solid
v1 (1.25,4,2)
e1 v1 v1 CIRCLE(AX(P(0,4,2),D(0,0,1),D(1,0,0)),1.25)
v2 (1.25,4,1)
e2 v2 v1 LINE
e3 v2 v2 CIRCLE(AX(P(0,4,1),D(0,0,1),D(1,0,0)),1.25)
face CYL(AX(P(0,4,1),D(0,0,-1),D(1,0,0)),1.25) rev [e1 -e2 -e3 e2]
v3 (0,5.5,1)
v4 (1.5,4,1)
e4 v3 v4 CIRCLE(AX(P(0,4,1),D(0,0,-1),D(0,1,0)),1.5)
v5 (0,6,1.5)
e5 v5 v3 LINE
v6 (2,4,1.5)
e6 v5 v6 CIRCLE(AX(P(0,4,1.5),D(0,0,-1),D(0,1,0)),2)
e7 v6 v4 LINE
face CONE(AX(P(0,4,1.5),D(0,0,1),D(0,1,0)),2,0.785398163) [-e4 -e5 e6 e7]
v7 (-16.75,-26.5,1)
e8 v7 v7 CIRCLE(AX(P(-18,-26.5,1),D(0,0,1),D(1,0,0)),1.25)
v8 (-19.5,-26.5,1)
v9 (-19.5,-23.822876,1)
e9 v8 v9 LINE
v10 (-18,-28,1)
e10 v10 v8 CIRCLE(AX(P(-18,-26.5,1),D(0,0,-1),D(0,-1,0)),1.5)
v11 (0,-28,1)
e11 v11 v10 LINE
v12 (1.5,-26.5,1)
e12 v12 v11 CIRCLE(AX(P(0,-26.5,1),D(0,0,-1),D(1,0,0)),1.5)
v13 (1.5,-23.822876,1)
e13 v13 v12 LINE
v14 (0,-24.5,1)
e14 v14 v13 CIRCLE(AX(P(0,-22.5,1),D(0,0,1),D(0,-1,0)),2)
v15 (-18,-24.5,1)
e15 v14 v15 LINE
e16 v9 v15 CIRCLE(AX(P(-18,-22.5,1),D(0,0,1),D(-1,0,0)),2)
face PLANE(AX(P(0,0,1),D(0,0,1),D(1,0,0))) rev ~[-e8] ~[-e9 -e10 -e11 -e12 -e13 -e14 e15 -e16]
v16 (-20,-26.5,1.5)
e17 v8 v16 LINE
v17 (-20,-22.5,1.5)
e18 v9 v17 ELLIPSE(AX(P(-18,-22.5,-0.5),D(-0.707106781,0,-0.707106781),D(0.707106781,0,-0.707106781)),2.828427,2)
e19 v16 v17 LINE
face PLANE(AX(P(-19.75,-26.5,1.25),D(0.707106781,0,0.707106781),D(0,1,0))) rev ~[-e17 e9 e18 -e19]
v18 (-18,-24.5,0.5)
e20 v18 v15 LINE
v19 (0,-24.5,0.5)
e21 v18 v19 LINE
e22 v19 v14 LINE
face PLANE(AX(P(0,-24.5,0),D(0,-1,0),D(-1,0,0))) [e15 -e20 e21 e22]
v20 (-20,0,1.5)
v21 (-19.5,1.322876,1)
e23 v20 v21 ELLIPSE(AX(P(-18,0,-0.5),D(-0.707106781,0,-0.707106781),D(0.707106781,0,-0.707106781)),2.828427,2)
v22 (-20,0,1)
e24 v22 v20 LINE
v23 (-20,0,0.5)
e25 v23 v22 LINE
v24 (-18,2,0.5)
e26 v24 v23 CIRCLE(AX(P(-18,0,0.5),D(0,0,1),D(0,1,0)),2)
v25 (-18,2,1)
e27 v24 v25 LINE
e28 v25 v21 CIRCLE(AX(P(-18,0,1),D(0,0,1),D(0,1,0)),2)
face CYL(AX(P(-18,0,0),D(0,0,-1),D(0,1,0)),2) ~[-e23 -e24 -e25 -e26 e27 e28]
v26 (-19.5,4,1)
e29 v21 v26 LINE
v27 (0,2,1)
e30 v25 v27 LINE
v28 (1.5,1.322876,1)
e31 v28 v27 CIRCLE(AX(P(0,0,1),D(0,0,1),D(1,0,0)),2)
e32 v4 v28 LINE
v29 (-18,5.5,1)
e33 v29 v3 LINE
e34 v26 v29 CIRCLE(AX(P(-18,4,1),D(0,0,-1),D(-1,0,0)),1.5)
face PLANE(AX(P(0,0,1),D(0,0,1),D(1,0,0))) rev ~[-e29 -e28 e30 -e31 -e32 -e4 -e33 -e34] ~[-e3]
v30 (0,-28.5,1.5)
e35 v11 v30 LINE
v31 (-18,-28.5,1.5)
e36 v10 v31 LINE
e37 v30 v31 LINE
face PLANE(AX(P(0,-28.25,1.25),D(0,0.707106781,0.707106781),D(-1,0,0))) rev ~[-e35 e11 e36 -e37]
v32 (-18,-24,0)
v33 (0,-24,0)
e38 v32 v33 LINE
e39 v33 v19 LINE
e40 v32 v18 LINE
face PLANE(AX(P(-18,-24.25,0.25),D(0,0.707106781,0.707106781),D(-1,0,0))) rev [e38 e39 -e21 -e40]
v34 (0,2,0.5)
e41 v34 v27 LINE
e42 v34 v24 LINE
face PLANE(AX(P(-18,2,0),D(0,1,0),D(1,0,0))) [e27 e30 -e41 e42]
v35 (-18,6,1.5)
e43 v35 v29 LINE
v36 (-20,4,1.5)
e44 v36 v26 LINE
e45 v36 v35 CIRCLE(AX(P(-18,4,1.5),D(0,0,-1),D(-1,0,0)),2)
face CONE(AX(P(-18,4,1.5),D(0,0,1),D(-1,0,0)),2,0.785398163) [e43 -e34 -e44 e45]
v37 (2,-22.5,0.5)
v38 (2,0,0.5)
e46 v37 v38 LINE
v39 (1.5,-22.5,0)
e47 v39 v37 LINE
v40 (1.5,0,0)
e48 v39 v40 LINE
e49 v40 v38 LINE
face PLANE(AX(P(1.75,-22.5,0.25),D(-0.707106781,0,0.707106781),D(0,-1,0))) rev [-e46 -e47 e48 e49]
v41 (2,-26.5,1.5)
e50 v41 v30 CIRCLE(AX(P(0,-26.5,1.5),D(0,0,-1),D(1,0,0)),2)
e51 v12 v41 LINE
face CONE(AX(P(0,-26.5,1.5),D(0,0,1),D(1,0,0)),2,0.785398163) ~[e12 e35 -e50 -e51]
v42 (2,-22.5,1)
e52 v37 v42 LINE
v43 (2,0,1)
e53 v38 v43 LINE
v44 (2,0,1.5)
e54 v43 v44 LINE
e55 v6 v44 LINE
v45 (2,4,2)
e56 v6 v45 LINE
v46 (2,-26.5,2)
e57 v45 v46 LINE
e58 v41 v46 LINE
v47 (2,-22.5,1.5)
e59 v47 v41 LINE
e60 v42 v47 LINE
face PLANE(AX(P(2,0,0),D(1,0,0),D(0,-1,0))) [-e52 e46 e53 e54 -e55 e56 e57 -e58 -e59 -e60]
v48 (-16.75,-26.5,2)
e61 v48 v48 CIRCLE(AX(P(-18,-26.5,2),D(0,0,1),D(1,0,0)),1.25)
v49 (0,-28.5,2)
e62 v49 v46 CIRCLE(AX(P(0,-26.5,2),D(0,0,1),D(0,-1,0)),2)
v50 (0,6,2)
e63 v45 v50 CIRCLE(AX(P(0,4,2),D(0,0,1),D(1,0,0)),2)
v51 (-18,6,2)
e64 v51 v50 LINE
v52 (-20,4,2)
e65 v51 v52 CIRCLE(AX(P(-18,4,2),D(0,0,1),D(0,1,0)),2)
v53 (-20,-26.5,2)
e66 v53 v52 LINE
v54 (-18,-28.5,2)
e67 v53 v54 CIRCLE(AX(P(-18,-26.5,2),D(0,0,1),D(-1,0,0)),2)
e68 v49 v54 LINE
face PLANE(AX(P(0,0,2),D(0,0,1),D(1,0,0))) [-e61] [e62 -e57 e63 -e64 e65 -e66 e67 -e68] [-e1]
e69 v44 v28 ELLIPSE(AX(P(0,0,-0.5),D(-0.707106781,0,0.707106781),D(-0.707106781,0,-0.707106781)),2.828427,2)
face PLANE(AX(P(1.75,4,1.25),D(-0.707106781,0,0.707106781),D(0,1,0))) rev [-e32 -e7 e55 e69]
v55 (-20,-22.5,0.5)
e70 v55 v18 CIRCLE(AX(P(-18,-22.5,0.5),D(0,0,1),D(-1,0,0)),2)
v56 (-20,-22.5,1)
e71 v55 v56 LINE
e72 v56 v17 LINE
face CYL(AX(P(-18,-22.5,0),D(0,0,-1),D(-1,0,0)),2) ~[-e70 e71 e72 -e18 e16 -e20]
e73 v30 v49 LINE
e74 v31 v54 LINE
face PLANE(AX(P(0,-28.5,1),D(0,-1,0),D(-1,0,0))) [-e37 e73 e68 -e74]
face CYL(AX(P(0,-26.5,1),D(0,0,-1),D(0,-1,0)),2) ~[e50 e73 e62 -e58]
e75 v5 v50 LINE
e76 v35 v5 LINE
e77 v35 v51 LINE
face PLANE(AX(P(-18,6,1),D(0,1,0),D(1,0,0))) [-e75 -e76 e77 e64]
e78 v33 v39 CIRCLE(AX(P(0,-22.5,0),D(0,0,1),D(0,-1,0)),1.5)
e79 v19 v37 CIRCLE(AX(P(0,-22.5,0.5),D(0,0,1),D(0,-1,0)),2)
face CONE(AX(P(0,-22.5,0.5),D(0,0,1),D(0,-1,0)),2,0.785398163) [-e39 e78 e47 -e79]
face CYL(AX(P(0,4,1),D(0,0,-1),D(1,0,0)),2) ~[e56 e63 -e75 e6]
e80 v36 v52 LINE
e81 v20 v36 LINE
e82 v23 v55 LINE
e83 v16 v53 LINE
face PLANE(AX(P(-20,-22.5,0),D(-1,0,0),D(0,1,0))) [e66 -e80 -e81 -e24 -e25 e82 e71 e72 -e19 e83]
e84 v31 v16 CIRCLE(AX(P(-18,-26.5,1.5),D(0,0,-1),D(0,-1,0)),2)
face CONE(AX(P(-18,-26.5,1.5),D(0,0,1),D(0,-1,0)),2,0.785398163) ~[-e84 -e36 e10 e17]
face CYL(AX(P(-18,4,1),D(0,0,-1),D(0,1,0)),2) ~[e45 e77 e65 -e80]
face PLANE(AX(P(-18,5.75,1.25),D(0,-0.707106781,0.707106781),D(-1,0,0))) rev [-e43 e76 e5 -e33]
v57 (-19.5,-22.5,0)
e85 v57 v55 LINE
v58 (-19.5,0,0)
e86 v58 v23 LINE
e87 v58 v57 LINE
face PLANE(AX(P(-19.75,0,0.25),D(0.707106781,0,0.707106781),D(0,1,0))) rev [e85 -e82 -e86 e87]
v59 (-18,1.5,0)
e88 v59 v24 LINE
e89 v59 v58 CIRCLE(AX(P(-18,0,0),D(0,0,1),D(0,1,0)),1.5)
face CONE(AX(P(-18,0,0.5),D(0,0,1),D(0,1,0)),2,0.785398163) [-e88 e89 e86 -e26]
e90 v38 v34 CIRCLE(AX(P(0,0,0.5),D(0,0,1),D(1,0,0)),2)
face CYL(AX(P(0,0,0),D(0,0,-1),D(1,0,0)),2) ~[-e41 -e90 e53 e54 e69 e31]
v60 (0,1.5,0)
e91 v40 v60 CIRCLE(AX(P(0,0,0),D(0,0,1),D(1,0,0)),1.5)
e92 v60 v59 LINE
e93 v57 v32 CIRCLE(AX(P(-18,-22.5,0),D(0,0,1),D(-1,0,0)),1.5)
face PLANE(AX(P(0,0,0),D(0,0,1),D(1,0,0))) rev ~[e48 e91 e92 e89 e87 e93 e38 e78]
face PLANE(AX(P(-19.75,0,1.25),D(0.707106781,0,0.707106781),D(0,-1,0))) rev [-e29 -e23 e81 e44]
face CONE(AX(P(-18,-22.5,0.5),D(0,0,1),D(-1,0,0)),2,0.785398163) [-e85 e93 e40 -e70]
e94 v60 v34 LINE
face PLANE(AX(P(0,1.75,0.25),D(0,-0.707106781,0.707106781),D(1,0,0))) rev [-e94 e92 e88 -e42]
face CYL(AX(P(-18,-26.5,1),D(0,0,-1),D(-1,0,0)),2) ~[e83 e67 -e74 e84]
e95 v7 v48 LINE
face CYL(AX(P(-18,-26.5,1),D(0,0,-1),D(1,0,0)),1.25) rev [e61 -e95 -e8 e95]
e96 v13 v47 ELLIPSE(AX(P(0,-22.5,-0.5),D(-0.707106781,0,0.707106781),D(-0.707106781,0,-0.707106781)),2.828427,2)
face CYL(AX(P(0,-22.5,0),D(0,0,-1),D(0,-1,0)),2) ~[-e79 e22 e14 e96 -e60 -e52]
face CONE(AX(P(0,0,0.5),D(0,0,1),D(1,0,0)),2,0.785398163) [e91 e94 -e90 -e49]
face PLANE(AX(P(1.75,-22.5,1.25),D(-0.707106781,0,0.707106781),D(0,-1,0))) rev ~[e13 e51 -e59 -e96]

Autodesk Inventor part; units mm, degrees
ref_plane "YZ Plane" through (0, 0, 0) normal (1, 0, 0) x (0, 1, 0)
ref_plane "XZ Plane" through (0, 0, 0) normal (0, 1, 0) x (-1, 0, 0)
ref_plane "XY Plane" through (0, 0, 0) normal (0, 0, 1) x (1, 0, 0)
sketch "Sketch1" plane through (0, 0, 0) normal (0, 0, 1) x (1, 0, 0)
  line L0 (0, -24.5) -> (-18, -24.5)
  line L1 (-20, -22.5) -> (-20, 0)
  line L2 (-18, 2) -> (0, 2)
  line L3 (2, 0) -> (2, -22.5)
  arc A0 (-18, 2) -> (-20, 0) centre (-18, 0) ccw
  arc A1 (2, 0) -> (0, 2) centre (0, 0) ccw
  arc A2 (0, -24.5) -> (2, -22.5) centre (0, -22.5) ccw
  arc A3 (-20, -22.5) -> (-18, -24.5) centre (-18, -22.5) ccw
  dimension "d0" = 2
  dimension "d1" = 22
  dimension "d2" = 26.5
extrude "Extrusion1" add sketch "Sketch1" along normal blind 1
sketch "Sketch2" plane through (0, 0, 1) normal (0, 0, 1) x (1, 0, 0)
  line L0 (-20, 0) -> (-20, -22.5) projected
  line L1 (-18, -24.5) -> (0, -24.5) projected
  line L2 (2, -22.5) -> (2, 0) projected
  line L3 (0, 2) -> (-18, 2) projected
  line L4 (-18, 6) -> (0, 6)
  line L5 (2, 4) -> (2, -26.5)
  line L6 (0, -28.5) -> (-18, -28.5)
  line L7 (-20, -26.5) -> (-20, 4)
  arc A0 (0, -28.5) -> (2, -26.5) centre (0, -26.5) ccw
  arc A1 (-20, -26.5) -> (-18, -28.5) centre (-18, -26.5) ccw
  arc A2 (-18, 6) -> (-20, 4) centre (-18, 4) ccw
  arc A3 (2, 4) -> (0, 6) centre (0, 4) ccw
  circle A4 centre (-18, -26.5) radius 1.25
  circle A5 centre (0, 4) radius 1.25
  point P0 (0, 0)
  dimension "d5" = 2
  dimension "d6" = 4
  dimension "d7" = 4
  dimension "d8" = 2.5
  dimension "d9" = 2.5
  dimension "d18" = 34.5
  dimension "d19" = 26.5
  dimension "d20" = 22
extrude "Extrusion2" add sketch "Sketch2" along normal blind 1
chamfer "Chamfer1" distance 0.5 angle 45 8 edges at (-19.4142, 1.4142, 0) (-20, -11.25, 0) (-19.4142, -23.9142, 0) (-9, -24.5, 0) (1.4142, -23.9142, 0) (2, -11.25, 0) (1.4142, 1.4142, 0) (-9, 2, 0)
chamfer "Chamfer2" distance 0.5 angle 45 10 edges at (-20, -24.5, 1) (-19.4142, -27.9142, 1) (-9, -28.5, 1) (1.4142, -27.9142, 1) (2, -24.5, 1) (-20, 2, 1) (-19.4142, 5.4142, 1) (-9, 6, 1) (1.4142, 5.4142, 1) (2, 2, 1)
properties part number "IO-Shield-Sideplate01"
